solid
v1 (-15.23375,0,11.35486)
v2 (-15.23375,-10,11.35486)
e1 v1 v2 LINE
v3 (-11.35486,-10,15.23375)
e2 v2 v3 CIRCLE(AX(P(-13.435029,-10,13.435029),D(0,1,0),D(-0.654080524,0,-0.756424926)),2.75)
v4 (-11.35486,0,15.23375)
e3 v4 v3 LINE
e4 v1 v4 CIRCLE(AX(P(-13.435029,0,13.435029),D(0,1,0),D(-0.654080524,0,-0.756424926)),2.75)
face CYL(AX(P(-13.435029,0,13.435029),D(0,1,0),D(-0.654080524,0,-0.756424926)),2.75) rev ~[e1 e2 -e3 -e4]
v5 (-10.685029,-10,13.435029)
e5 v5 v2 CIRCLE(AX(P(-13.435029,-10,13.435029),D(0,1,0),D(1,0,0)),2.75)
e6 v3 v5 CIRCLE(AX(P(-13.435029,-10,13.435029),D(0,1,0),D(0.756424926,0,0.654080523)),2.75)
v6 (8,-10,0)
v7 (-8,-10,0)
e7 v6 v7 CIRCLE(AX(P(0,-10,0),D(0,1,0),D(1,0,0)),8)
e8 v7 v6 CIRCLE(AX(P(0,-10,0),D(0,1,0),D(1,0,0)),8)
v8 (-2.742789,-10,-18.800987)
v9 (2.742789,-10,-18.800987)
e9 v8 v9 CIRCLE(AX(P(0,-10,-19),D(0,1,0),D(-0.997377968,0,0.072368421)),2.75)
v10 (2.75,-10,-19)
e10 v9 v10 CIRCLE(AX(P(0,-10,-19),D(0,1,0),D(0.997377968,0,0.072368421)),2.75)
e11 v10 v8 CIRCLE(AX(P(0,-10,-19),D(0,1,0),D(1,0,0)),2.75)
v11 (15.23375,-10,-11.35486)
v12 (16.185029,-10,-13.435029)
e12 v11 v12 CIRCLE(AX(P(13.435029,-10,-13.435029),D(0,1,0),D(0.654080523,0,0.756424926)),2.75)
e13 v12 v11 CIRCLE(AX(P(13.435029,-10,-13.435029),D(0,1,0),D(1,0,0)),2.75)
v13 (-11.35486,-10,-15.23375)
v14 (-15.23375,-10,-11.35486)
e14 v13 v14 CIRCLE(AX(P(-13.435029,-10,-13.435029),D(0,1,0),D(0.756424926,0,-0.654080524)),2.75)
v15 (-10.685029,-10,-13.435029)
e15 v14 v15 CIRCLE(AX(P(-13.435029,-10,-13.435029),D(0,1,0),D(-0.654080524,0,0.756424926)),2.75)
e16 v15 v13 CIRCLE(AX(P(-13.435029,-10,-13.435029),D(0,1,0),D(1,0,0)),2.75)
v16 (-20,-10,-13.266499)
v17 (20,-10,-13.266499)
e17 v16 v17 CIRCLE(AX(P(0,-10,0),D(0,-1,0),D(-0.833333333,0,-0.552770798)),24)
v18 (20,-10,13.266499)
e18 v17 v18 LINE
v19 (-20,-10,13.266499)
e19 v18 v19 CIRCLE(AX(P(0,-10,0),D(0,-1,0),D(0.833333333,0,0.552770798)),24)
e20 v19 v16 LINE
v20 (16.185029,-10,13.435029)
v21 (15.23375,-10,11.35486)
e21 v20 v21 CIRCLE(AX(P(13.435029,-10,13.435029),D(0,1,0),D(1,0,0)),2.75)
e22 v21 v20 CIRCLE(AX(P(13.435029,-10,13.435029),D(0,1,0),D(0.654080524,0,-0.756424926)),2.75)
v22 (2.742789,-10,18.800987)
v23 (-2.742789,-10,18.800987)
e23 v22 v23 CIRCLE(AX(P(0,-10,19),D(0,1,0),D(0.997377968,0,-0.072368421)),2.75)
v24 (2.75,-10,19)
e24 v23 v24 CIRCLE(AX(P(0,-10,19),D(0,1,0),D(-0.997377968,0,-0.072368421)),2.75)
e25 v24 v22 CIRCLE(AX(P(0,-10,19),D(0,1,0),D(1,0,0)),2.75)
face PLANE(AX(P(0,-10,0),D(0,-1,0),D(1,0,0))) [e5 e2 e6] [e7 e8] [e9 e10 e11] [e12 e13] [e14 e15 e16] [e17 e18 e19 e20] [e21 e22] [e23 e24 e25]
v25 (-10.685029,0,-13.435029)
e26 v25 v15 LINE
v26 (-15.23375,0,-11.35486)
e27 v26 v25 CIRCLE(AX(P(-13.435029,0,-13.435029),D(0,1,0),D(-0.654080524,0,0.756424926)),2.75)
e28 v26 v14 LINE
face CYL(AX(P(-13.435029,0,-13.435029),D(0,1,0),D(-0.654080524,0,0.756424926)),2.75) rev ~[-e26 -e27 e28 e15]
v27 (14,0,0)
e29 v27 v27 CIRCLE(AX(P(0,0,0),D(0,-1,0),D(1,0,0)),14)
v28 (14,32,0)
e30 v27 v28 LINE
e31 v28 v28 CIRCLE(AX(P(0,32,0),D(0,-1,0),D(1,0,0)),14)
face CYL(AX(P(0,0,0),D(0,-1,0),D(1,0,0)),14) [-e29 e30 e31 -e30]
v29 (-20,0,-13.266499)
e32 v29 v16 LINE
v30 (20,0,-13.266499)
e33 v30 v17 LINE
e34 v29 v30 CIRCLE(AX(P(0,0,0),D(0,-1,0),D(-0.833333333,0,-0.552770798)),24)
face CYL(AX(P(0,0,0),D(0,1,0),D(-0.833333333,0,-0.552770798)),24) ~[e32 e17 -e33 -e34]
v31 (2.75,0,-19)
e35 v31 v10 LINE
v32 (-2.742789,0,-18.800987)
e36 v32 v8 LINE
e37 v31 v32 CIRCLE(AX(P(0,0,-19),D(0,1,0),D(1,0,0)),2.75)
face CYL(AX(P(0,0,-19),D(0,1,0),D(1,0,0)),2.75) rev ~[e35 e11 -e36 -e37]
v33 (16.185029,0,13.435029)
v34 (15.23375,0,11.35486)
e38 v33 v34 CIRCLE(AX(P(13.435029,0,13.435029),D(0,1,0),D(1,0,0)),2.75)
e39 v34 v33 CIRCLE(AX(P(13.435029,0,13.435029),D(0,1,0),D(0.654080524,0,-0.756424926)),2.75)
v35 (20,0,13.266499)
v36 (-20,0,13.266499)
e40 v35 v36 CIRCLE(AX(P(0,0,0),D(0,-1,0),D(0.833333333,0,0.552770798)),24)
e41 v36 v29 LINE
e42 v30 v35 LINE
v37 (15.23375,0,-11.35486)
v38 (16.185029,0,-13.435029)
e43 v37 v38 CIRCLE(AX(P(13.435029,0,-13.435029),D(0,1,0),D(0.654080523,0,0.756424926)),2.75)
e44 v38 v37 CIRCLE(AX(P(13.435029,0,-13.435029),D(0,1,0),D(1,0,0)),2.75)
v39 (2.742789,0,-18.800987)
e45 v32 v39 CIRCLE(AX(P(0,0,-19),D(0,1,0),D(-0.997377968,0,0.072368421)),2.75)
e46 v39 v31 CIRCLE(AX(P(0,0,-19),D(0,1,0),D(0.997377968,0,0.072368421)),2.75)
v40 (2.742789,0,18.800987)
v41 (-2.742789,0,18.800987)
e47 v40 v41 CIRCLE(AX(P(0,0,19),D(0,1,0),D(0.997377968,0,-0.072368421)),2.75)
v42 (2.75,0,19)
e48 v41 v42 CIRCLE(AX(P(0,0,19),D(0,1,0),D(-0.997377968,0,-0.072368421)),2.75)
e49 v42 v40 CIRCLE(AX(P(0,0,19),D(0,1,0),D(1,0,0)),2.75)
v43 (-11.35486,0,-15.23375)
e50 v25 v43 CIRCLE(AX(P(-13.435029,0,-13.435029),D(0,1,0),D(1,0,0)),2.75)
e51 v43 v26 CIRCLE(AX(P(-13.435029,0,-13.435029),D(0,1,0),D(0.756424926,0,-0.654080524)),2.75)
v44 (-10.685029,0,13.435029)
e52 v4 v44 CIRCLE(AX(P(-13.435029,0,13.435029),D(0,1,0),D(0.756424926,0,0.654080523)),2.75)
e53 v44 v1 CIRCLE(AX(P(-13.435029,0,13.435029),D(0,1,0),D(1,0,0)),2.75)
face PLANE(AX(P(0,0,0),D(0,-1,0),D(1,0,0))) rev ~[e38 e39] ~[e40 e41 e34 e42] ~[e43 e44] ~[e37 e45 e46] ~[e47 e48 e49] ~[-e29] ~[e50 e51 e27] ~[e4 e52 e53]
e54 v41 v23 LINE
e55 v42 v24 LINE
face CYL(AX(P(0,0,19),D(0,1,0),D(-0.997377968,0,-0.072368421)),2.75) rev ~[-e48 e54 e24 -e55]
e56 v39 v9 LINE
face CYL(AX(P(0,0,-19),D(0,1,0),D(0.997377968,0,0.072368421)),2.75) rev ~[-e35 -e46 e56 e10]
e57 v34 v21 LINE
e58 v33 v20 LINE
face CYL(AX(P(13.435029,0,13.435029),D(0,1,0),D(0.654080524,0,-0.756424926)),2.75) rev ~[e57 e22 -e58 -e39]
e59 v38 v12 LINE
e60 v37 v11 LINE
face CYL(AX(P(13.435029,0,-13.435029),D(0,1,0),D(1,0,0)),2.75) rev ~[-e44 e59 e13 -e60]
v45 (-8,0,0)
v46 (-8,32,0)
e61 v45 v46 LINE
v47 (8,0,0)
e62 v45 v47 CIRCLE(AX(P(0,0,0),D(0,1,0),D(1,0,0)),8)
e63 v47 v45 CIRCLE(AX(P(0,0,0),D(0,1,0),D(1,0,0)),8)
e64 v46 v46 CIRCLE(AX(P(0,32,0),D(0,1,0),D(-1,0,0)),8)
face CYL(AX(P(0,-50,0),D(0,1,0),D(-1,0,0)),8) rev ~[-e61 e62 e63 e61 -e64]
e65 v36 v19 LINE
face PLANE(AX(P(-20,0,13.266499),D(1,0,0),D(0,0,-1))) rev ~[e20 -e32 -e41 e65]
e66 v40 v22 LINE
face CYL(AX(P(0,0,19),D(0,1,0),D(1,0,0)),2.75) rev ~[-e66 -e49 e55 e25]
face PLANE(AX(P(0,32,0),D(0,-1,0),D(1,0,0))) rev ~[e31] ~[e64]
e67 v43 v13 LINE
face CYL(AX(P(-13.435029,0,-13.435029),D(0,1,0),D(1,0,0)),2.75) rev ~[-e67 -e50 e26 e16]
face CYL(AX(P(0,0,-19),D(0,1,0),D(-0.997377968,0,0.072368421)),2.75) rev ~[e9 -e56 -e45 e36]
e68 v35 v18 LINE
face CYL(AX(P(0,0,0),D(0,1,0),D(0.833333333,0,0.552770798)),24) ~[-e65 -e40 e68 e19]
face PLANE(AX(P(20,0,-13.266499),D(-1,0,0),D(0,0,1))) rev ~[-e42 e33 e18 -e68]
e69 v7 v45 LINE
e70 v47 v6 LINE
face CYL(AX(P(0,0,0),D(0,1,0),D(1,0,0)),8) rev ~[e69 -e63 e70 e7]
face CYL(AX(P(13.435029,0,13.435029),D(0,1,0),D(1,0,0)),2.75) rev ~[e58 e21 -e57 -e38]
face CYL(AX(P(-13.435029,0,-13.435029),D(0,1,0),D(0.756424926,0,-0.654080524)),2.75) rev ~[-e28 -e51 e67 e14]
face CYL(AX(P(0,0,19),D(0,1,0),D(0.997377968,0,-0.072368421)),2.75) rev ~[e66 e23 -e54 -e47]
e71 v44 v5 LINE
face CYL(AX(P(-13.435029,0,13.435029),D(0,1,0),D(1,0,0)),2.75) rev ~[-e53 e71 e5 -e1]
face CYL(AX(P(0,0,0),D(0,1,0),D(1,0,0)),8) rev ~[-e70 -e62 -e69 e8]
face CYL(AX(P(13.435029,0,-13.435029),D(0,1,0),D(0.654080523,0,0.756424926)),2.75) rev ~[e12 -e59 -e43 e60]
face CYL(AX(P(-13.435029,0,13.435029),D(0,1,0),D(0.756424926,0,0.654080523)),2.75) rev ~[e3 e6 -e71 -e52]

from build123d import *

# Parameters (mm, degrees)
F0_R     = 14
F1_DEPTH = 32
F2_DEPTH = 10
F3_D     = 16
F3_DEPTH = 50
F3_TIP   = 4.8068849522
F4_D     = 16
F4_DEPTH = 50
F4_TIP   = 4.8068849522


with BuildPart() as f1:
    # F0 (on Front) → F1 (new body)
    with BuildSketch(Plane.XZ):
        Circle(F0_R)
    extrude(amount=-F1_DEPTH)

    # F0 (on Front) → F2 (join)
    with BuildSketch(Plane.XZ):
        with BuildLine():
            Line((20, -13.2664991614), (20, 13.2664991614))
            ThreePointArc((20, 13.2664991614), (0, 24), (-20, 13.2664991614))
            Line((-20, 13.2664991614), (-20, -13.2664991614))
            ThreePointArc((-20, -13.2664991614), (0, -24), (20, -13.2664991614))
        make_face()
        with BuildLine():
            ThreePointArc((15.2337502822, 11.3548602959), (18.0338744501, 5.981586104), (19, 0))
            ThreePointArc((19, 0), (18.0338744501, -5.981586104), (15.2337502822, -11.3548602959))
            ThreePointArc((15.2337502822, -11.3548602959), (15.9359270771, -12.2913470597), (16.1850288425, -13.4350288425))
            ThreePointArc((16.1850288425, -13.4350288425), (14.3947257991, -16.0121360874), (11.3548602959, -15.2337502822))
            ThreePointArc((11.3548602959, -15.2337502822), (7.2709852149, -17.5537111177), (2.7427894128, -18.8009868421))
            ThreePointArc((2.7427894128, -18.8009868421), (2.748196762, -18.9004281295), (2.75, -19))
            ThreePointArc((2.75, -19), (-0.0995718705, -21.748196762), (-2.7427894128, -18.8009868421))
            ThreePointArc((-2.7427894128, -18.8009868421), (-7.2709852149, -17.5537111177), (-11.3548602959, -15.2337502822))
            ThreePointArc((-11.3548602959, -15.2337502822), (-15.3795724908, -15.3795724908), (-15.2337502822, -11.3548602959))
            ThreePointArc((-15.2337502822, -11.3548602959), (-19, 0), (-15.2337502822, 11.3548602959))
            ThreePointArc((-15.2337502822, 11.3548602959), (-15.3795724908, 15.3795724908), (-11.3548602959, 15.2337502822))
            ThreePointArc((-11.3548602959, 15.2337502822), (-7.2709852149, 17.5537111177), (-2.7427894128, 18.8009868421))
            ThreePointArc((-2.7427894128, 18.8009868421), (-0.0995718705, 21.748196762), (2.75, 19))
            ThreePointArc((2.75, 19), (2.748196762, 18.9004281295), (2.7427894128, 18.8009868421))
            ThreePointArc((2.7427894128, 18.8009868421), (7.2709852149, 17.5537111177), (11.3548602959, 15.2337502822))
            ThreePointArc((11.3548602959, 15.2337502822), (14.3947257991, 16.0121360874), (16.1850288425, 13.4350288425))
            ThreePointArc((16.1850288425, 13.4350288425), (15.9359270771, 12.2913470597), (15.2337502822, 11.3548602959))
        make_face(mode=Mode.SUBTRACT)
        with BuildLine():
            ThreePointArc((15.2337502822, -11.3548602959), (18.0338744501, -5.981586104), (19, 0))
            ThreePointArc((19, 0), (18.0338744501, 5.981586104), (15.2337502822, 11.3548602959))
            ThreePointArc((15.2337502822, 11.3548602959), (11.4904851943, 11.4904851943), (11.3548602959, 15.2337502822))
            ThreePointArc((11.3548602959, 15.2337502822), (7.2709852149, 17.5537111177), (2.7427894128, 18.8009868421))
            ThreePointArc((2.7427894128, 18.8009868421), (0, 16.25), (-2.7427894128, 18.8009868421))
            ThreePointArc((-2.7427894128, 18.8009868421), (-7.2709852149, 17.5537111177), (-11.3548602959, 15.2337502822))
            ThreePointArc((-11.3548602959, 15.2337502822), (-10.8579215977, 14.3947257991), (-10.6850288425, 13.4350288425))
            ThreePointArc((-10.6850288425, 13.4350288425), (-12.2913470597, 10.934130608), (-15.2337502822, 11.3548602959))
            ThreePointArc((-15.2337502822, 11.3548602959), (-19, 0), (-15.2337502822, -11.3548602959))
            ThreePointArc((-15.2337502822, -11.3548602959), (-12.2913470597, -10.934130608), (-10.6850288425, -13.4350288425))
            ThreePointArc((-10.6850288425, -13.4350288425), (-10.8579215977, -14.3947257991), (-11.3548602959, -15.2337502822))
            ThreePointArc((-11.3548602959, -15.2337502822), (-7.2709852149, -17.5537111177), (-2.7427894128, -18.8009868421))
            ThreePointArc((-2.7427894128, -18.8009868421), (0, -16.25), (2.7427894128, -18.8009868421))
            ThreePointArc((2.7427894128, -18.8009868421), (7.2709852149, -17.5537111177), (11.3548602959, -15.2337502822))
            ThreePointArc((11.3548602959, -15.2337502822), (11.4904851943, -11.4904851943), (15.2337502822, -11.3548602959))
        make_face()
        Circle(F0_R, mode=Mode.SUBTRACT)
        Circle(F0_R)
    extrude(amount=F2_DEPTH)

    # F3 (one way)
    with BuildSketch(Plane(origin=(0, 0, 0), x_dir=(1, 0, 0), z_dir=(0, 1, 0))):
        with Locations((0, 0)):
            Circle(F3_D / 2)
    extrude(amount=-F3_DEPTH, mode=Mode.SUBTRACT)
    with Locations(Plane(origin=(0, 0, 0), x_dir=(1, 0, 0), z_dir=(0, 1, 0))):
        with Locations((0, 0)):
            with Locations((0, 0, -(F3_DEPTH + F3_TIP / 2))):  # 118° drill point
                Cone(0, F3_D / 2, F3_TIP, mode=Mode.SUBTRACT)

    # F4
    with Locations(Plane.XZ):
        with Locations((0, 0)):
            Hole(F4_D / 2, depth=F4_DEPTH)
            with Locations((0, 0, -(F4_DEPTH + F4_TIP / 2))):  # 118° drill point
                Cone(0, F4_D / 2, F4_TIP, mode=Mode.SUBTRACT)


solid = f1.part
